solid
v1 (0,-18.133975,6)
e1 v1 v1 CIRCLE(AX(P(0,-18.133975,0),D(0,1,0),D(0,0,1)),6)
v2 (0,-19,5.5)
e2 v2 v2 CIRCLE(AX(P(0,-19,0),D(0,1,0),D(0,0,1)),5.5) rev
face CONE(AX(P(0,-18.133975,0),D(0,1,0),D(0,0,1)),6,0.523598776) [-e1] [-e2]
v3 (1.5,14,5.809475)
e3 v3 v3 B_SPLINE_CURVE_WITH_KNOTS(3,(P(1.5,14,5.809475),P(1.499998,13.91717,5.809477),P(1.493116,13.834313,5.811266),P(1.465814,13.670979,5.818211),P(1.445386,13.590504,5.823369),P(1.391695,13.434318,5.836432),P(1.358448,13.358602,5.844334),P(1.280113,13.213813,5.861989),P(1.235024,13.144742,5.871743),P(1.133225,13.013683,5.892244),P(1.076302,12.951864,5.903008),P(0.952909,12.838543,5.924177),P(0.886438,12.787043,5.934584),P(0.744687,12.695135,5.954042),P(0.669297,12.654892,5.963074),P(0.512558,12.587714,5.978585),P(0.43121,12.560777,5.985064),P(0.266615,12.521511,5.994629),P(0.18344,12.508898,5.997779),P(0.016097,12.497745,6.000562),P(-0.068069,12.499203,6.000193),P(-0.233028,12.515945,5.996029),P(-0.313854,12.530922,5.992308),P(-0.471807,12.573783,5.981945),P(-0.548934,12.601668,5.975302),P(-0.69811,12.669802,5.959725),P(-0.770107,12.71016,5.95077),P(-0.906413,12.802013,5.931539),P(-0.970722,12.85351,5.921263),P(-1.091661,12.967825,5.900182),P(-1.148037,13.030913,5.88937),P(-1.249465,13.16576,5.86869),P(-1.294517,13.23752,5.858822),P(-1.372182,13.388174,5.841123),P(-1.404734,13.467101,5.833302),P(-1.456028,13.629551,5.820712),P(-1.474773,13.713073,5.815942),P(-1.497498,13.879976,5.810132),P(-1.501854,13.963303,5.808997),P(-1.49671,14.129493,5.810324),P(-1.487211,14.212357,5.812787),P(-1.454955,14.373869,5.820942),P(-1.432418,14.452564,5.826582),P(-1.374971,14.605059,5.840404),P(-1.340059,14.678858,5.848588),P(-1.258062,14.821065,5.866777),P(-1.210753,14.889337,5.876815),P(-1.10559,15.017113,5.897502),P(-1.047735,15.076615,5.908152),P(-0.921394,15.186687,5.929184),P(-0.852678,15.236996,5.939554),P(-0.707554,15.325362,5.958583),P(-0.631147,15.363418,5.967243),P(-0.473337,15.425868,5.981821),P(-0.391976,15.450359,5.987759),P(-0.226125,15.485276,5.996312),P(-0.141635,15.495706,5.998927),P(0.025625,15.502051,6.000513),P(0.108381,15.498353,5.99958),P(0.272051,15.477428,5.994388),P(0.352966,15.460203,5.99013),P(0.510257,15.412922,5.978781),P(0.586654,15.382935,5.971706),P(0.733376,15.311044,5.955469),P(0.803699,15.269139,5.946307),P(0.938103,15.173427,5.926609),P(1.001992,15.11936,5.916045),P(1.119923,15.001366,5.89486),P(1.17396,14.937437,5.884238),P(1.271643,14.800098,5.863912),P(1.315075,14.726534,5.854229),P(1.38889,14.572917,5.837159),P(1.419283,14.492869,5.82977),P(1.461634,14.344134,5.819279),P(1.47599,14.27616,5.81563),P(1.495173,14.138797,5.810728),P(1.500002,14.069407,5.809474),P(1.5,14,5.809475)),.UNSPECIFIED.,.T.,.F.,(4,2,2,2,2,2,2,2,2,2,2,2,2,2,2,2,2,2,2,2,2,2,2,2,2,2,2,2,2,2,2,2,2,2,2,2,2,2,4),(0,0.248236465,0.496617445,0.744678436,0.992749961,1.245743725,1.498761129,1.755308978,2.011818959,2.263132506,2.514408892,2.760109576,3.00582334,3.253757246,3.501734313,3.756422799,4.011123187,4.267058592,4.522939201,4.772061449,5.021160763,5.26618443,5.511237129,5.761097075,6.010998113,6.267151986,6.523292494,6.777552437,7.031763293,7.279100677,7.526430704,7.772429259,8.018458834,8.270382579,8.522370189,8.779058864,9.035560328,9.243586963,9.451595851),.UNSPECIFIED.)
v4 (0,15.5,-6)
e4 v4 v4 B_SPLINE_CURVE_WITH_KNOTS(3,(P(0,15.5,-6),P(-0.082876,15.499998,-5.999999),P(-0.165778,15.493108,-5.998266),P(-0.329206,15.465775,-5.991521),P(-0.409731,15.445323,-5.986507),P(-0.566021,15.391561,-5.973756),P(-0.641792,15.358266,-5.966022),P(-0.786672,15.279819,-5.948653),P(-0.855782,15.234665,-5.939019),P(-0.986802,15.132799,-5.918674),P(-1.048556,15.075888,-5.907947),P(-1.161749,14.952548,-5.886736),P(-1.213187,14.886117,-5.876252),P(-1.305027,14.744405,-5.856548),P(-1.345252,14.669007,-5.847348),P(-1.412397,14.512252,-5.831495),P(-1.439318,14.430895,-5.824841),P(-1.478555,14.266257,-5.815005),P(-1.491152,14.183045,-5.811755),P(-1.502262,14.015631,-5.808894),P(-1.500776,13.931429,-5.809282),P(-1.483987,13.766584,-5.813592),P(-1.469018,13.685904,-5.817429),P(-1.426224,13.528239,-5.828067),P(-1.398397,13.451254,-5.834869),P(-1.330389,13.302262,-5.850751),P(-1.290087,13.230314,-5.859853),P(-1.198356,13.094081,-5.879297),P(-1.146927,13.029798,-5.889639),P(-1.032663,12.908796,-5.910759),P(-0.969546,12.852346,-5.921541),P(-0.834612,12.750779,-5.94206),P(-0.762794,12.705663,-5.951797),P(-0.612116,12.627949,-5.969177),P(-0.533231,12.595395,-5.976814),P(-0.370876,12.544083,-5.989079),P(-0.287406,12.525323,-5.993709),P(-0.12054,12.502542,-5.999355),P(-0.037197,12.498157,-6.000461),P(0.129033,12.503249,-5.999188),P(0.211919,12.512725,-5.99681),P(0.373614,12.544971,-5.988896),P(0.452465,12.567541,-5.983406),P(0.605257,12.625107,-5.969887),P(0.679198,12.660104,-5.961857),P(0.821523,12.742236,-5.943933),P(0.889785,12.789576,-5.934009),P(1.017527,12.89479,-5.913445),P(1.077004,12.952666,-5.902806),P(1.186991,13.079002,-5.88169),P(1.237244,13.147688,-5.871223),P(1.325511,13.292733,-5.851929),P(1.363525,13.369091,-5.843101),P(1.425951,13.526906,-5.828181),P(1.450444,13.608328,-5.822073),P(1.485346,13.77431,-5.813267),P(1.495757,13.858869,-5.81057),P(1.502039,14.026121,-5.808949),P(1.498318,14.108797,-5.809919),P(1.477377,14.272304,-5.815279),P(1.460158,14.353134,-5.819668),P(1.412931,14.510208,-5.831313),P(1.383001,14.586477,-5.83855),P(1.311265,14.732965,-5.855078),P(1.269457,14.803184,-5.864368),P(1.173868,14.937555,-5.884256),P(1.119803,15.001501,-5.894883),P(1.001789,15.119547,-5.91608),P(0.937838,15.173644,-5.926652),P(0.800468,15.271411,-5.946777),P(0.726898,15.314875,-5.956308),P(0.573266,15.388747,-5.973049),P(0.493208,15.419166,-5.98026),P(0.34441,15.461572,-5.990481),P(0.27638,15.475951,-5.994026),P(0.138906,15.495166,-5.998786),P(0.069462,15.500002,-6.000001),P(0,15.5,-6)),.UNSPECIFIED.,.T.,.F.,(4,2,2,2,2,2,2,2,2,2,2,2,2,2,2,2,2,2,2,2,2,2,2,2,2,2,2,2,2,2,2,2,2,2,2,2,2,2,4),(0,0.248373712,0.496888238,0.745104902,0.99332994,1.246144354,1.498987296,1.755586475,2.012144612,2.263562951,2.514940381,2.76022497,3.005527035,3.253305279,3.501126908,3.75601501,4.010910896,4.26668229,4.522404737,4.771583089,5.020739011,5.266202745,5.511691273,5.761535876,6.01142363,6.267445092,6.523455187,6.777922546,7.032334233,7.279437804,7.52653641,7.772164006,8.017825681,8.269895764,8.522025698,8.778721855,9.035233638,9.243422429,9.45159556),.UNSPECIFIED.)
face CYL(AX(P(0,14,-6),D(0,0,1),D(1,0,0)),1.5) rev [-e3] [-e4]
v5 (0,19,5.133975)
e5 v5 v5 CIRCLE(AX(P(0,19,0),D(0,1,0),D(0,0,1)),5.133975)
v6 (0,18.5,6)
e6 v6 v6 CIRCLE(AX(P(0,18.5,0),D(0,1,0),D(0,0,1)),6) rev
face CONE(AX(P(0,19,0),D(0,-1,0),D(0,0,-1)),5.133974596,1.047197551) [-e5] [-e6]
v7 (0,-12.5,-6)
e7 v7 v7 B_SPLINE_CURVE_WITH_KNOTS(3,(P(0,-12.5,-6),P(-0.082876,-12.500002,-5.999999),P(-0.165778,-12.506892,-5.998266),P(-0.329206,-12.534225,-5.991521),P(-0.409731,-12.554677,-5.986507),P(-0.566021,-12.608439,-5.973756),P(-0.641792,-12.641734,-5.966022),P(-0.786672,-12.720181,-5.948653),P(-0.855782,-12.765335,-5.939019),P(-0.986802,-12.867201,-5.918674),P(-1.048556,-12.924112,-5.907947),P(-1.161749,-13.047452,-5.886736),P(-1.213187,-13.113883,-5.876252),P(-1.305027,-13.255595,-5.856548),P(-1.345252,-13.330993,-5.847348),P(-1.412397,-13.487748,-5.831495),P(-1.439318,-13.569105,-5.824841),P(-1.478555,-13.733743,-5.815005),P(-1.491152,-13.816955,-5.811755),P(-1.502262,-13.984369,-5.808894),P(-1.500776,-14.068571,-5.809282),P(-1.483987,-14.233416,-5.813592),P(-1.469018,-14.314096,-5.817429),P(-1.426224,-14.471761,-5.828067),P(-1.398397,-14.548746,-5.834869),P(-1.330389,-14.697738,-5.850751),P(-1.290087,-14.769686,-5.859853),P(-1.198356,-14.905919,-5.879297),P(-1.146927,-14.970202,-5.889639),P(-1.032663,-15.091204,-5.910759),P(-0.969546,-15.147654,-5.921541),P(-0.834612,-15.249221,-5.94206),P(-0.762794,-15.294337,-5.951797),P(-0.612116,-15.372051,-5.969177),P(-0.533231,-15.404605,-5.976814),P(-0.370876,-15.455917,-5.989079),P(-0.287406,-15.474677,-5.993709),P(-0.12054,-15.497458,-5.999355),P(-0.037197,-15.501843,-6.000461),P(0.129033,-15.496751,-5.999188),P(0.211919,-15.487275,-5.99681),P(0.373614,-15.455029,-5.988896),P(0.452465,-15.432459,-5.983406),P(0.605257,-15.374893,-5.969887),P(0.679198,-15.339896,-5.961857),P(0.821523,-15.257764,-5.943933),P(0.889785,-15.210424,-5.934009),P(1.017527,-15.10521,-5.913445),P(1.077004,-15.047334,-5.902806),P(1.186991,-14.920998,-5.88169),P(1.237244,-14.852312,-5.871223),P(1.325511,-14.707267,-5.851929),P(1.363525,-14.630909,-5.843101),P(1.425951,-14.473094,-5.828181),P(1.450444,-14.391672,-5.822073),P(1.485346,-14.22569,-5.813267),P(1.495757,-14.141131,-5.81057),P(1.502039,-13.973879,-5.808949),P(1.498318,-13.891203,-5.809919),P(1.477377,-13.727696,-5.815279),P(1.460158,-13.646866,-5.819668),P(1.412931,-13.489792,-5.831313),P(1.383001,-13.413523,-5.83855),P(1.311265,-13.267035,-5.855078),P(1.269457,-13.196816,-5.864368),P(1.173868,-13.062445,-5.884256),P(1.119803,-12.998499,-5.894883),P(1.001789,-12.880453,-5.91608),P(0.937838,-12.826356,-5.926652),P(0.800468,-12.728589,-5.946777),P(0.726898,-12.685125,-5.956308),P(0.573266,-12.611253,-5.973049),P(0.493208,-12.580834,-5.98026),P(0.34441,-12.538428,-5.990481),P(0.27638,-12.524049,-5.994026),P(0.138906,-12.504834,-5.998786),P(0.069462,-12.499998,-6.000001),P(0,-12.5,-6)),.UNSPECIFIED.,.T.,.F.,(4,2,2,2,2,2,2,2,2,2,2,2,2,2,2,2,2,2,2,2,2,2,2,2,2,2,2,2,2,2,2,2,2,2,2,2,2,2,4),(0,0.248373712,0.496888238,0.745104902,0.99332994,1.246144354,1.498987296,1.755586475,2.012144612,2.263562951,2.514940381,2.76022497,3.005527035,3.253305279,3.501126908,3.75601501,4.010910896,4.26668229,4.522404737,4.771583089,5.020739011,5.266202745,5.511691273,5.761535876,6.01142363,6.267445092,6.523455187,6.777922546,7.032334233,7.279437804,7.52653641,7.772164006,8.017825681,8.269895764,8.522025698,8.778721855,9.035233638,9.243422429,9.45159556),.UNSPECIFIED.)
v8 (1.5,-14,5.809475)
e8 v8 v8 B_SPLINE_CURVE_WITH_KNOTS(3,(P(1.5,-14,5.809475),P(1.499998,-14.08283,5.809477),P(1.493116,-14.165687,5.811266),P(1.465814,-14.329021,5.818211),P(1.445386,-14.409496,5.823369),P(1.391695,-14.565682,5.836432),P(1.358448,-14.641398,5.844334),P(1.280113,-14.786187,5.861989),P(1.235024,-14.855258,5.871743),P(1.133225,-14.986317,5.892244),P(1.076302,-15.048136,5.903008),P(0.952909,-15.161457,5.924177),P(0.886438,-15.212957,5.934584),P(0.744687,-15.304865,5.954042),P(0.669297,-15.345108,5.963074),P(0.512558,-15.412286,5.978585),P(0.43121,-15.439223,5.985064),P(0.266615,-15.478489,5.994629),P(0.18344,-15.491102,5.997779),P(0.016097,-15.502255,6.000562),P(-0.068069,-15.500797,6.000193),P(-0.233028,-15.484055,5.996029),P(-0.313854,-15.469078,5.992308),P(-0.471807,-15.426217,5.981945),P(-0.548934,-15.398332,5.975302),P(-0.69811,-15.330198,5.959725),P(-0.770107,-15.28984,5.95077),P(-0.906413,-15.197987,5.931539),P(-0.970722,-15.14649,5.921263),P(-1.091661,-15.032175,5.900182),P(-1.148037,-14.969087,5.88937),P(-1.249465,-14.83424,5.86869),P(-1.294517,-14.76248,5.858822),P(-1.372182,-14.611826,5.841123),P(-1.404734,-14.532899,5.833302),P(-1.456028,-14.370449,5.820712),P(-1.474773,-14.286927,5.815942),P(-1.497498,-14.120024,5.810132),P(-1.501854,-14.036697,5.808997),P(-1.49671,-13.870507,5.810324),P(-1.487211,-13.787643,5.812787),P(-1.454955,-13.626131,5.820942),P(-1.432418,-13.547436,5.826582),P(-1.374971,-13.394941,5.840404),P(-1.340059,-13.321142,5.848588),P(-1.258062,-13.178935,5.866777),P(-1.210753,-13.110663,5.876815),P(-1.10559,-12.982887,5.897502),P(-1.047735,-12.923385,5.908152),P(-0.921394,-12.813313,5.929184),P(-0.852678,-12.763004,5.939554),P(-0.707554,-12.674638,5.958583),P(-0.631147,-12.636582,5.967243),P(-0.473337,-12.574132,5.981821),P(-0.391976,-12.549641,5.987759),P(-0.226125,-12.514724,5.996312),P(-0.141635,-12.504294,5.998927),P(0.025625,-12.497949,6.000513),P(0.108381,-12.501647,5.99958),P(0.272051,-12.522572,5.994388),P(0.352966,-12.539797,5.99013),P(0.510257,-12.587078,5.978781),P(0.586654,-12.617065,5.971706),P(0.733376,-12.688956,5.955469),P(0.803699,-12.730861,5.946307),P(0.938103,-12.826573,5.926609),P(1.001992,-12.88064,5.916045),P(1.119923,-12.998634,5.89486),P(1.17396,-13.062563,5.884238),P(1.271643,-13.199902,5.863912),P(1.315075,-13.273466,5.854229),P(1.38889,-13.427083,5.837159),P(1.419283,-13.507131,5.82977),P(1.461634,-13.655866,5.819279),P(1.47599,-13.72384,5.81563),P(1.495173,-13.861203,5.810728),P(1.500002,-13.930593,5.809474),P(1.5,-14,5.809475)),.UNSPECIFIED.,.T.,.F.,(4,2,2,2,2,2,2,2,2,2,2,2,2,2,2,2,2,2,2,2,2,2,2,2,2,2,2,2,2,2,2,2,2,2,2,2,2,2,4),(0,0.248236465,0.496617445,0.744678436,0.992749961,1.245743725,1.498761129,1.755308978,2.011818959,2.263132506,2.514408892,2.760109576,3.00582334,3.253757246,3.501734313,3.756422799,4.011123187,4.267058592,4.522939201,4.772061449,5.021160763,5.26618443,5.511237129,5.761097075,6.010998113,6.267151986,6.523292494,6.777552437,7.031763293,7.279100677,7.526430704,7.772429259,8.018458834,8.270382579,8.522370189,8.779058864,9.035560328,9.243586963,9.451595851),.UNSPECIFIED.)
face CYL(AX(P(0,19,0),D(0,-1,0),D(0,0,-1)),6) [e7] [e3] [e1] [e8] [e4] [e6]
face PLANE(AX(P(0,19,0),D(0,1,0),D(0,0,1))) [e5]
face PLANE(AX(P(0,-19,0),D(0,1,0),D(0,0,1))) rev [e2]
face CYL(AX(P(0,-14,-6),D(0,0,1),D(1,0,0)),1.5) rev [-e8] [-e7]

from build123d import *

# Parameters (mm, degrees)
SKETCH1_R               = 6
BOSS_EXTRUDE1_DEPTH     = 19
CHAMFER1_SIZE           = 0.5
CHAMFER1_SIZE2          = 0.866025404
CHAMFER1_PART_2_SIZE    = 0.5
CHAMFER1_PART_2_SIZE2   = 0.866025404
SKETCH2_R               = 1.5
CUT_EXTRUDE1_DEPTH      = 7
CUT_EXTRUDE1_DEPTH_BACK = 7


with BuildPart() as part:
    # Sketch1 → Boss-Extrude1 (new body, symmetric)
    with BuildSketch(Plane(origin=(0, 0, 0), x_dir=(1, 0, 0), z_dir=(0, 1, 0))):
        Circle(SKETCH1_R)
    extrude(amount=BOSS_EXTRUDE1_DEPTH, both=True)

    # Chamfer1
    chamfer1_edges = [part.edges().sort_by_distance(p)[0] for p in [
        (-6, -19, 0),
    ]]
    chamfer1_side = [part.faces().sort_by_distance(p)[0] for p in [
        (0, -19, 0),
    ]]
    chamfer(chamfer1_edges, length=CHAMFER1_SIZE, length2=CHAMFER1_SIZE2, reference=chamfer1_side[0])

    # Chamfer1 part 2
    chamfer1_part_2_edges = [part.edges().sort_by_distance(p)[0] for p in [
        (-6, 19, 0),
    ]]
    chamfer1_part_2_side = [part.faces().sort_by_distance(p)[0] for p in [
        (-6, 0, 0),
    ]]
    chamfer(chamfer1_part_2_edges, length=CHAMFER1_PART_2_SIZE, length2=CHAMFER1_PART_2_SIZE2, reference=chamfer1_part_2_side[0])

    # Sketch2 → Cut-Extrude1 (cut, two sides)
    with BuildSketch(Plane.XY) as cut_extrude1_sk:
        with Locations((0, 14)):
            Circle(SKETCH2_R)
        with Locations((0, -14)):
            Circle(SKETCH2_R)
    extrude(amount=CUT_EXTRUDE1_DEPTH, mode=Mode.SUBTRACT)
    extrude(cut_extrude1_sk.sketch, amount=-CUT_EXTRUDE1_DEPTH_BACK, mode=Mode.SUBTRACT)


solid = part.part
